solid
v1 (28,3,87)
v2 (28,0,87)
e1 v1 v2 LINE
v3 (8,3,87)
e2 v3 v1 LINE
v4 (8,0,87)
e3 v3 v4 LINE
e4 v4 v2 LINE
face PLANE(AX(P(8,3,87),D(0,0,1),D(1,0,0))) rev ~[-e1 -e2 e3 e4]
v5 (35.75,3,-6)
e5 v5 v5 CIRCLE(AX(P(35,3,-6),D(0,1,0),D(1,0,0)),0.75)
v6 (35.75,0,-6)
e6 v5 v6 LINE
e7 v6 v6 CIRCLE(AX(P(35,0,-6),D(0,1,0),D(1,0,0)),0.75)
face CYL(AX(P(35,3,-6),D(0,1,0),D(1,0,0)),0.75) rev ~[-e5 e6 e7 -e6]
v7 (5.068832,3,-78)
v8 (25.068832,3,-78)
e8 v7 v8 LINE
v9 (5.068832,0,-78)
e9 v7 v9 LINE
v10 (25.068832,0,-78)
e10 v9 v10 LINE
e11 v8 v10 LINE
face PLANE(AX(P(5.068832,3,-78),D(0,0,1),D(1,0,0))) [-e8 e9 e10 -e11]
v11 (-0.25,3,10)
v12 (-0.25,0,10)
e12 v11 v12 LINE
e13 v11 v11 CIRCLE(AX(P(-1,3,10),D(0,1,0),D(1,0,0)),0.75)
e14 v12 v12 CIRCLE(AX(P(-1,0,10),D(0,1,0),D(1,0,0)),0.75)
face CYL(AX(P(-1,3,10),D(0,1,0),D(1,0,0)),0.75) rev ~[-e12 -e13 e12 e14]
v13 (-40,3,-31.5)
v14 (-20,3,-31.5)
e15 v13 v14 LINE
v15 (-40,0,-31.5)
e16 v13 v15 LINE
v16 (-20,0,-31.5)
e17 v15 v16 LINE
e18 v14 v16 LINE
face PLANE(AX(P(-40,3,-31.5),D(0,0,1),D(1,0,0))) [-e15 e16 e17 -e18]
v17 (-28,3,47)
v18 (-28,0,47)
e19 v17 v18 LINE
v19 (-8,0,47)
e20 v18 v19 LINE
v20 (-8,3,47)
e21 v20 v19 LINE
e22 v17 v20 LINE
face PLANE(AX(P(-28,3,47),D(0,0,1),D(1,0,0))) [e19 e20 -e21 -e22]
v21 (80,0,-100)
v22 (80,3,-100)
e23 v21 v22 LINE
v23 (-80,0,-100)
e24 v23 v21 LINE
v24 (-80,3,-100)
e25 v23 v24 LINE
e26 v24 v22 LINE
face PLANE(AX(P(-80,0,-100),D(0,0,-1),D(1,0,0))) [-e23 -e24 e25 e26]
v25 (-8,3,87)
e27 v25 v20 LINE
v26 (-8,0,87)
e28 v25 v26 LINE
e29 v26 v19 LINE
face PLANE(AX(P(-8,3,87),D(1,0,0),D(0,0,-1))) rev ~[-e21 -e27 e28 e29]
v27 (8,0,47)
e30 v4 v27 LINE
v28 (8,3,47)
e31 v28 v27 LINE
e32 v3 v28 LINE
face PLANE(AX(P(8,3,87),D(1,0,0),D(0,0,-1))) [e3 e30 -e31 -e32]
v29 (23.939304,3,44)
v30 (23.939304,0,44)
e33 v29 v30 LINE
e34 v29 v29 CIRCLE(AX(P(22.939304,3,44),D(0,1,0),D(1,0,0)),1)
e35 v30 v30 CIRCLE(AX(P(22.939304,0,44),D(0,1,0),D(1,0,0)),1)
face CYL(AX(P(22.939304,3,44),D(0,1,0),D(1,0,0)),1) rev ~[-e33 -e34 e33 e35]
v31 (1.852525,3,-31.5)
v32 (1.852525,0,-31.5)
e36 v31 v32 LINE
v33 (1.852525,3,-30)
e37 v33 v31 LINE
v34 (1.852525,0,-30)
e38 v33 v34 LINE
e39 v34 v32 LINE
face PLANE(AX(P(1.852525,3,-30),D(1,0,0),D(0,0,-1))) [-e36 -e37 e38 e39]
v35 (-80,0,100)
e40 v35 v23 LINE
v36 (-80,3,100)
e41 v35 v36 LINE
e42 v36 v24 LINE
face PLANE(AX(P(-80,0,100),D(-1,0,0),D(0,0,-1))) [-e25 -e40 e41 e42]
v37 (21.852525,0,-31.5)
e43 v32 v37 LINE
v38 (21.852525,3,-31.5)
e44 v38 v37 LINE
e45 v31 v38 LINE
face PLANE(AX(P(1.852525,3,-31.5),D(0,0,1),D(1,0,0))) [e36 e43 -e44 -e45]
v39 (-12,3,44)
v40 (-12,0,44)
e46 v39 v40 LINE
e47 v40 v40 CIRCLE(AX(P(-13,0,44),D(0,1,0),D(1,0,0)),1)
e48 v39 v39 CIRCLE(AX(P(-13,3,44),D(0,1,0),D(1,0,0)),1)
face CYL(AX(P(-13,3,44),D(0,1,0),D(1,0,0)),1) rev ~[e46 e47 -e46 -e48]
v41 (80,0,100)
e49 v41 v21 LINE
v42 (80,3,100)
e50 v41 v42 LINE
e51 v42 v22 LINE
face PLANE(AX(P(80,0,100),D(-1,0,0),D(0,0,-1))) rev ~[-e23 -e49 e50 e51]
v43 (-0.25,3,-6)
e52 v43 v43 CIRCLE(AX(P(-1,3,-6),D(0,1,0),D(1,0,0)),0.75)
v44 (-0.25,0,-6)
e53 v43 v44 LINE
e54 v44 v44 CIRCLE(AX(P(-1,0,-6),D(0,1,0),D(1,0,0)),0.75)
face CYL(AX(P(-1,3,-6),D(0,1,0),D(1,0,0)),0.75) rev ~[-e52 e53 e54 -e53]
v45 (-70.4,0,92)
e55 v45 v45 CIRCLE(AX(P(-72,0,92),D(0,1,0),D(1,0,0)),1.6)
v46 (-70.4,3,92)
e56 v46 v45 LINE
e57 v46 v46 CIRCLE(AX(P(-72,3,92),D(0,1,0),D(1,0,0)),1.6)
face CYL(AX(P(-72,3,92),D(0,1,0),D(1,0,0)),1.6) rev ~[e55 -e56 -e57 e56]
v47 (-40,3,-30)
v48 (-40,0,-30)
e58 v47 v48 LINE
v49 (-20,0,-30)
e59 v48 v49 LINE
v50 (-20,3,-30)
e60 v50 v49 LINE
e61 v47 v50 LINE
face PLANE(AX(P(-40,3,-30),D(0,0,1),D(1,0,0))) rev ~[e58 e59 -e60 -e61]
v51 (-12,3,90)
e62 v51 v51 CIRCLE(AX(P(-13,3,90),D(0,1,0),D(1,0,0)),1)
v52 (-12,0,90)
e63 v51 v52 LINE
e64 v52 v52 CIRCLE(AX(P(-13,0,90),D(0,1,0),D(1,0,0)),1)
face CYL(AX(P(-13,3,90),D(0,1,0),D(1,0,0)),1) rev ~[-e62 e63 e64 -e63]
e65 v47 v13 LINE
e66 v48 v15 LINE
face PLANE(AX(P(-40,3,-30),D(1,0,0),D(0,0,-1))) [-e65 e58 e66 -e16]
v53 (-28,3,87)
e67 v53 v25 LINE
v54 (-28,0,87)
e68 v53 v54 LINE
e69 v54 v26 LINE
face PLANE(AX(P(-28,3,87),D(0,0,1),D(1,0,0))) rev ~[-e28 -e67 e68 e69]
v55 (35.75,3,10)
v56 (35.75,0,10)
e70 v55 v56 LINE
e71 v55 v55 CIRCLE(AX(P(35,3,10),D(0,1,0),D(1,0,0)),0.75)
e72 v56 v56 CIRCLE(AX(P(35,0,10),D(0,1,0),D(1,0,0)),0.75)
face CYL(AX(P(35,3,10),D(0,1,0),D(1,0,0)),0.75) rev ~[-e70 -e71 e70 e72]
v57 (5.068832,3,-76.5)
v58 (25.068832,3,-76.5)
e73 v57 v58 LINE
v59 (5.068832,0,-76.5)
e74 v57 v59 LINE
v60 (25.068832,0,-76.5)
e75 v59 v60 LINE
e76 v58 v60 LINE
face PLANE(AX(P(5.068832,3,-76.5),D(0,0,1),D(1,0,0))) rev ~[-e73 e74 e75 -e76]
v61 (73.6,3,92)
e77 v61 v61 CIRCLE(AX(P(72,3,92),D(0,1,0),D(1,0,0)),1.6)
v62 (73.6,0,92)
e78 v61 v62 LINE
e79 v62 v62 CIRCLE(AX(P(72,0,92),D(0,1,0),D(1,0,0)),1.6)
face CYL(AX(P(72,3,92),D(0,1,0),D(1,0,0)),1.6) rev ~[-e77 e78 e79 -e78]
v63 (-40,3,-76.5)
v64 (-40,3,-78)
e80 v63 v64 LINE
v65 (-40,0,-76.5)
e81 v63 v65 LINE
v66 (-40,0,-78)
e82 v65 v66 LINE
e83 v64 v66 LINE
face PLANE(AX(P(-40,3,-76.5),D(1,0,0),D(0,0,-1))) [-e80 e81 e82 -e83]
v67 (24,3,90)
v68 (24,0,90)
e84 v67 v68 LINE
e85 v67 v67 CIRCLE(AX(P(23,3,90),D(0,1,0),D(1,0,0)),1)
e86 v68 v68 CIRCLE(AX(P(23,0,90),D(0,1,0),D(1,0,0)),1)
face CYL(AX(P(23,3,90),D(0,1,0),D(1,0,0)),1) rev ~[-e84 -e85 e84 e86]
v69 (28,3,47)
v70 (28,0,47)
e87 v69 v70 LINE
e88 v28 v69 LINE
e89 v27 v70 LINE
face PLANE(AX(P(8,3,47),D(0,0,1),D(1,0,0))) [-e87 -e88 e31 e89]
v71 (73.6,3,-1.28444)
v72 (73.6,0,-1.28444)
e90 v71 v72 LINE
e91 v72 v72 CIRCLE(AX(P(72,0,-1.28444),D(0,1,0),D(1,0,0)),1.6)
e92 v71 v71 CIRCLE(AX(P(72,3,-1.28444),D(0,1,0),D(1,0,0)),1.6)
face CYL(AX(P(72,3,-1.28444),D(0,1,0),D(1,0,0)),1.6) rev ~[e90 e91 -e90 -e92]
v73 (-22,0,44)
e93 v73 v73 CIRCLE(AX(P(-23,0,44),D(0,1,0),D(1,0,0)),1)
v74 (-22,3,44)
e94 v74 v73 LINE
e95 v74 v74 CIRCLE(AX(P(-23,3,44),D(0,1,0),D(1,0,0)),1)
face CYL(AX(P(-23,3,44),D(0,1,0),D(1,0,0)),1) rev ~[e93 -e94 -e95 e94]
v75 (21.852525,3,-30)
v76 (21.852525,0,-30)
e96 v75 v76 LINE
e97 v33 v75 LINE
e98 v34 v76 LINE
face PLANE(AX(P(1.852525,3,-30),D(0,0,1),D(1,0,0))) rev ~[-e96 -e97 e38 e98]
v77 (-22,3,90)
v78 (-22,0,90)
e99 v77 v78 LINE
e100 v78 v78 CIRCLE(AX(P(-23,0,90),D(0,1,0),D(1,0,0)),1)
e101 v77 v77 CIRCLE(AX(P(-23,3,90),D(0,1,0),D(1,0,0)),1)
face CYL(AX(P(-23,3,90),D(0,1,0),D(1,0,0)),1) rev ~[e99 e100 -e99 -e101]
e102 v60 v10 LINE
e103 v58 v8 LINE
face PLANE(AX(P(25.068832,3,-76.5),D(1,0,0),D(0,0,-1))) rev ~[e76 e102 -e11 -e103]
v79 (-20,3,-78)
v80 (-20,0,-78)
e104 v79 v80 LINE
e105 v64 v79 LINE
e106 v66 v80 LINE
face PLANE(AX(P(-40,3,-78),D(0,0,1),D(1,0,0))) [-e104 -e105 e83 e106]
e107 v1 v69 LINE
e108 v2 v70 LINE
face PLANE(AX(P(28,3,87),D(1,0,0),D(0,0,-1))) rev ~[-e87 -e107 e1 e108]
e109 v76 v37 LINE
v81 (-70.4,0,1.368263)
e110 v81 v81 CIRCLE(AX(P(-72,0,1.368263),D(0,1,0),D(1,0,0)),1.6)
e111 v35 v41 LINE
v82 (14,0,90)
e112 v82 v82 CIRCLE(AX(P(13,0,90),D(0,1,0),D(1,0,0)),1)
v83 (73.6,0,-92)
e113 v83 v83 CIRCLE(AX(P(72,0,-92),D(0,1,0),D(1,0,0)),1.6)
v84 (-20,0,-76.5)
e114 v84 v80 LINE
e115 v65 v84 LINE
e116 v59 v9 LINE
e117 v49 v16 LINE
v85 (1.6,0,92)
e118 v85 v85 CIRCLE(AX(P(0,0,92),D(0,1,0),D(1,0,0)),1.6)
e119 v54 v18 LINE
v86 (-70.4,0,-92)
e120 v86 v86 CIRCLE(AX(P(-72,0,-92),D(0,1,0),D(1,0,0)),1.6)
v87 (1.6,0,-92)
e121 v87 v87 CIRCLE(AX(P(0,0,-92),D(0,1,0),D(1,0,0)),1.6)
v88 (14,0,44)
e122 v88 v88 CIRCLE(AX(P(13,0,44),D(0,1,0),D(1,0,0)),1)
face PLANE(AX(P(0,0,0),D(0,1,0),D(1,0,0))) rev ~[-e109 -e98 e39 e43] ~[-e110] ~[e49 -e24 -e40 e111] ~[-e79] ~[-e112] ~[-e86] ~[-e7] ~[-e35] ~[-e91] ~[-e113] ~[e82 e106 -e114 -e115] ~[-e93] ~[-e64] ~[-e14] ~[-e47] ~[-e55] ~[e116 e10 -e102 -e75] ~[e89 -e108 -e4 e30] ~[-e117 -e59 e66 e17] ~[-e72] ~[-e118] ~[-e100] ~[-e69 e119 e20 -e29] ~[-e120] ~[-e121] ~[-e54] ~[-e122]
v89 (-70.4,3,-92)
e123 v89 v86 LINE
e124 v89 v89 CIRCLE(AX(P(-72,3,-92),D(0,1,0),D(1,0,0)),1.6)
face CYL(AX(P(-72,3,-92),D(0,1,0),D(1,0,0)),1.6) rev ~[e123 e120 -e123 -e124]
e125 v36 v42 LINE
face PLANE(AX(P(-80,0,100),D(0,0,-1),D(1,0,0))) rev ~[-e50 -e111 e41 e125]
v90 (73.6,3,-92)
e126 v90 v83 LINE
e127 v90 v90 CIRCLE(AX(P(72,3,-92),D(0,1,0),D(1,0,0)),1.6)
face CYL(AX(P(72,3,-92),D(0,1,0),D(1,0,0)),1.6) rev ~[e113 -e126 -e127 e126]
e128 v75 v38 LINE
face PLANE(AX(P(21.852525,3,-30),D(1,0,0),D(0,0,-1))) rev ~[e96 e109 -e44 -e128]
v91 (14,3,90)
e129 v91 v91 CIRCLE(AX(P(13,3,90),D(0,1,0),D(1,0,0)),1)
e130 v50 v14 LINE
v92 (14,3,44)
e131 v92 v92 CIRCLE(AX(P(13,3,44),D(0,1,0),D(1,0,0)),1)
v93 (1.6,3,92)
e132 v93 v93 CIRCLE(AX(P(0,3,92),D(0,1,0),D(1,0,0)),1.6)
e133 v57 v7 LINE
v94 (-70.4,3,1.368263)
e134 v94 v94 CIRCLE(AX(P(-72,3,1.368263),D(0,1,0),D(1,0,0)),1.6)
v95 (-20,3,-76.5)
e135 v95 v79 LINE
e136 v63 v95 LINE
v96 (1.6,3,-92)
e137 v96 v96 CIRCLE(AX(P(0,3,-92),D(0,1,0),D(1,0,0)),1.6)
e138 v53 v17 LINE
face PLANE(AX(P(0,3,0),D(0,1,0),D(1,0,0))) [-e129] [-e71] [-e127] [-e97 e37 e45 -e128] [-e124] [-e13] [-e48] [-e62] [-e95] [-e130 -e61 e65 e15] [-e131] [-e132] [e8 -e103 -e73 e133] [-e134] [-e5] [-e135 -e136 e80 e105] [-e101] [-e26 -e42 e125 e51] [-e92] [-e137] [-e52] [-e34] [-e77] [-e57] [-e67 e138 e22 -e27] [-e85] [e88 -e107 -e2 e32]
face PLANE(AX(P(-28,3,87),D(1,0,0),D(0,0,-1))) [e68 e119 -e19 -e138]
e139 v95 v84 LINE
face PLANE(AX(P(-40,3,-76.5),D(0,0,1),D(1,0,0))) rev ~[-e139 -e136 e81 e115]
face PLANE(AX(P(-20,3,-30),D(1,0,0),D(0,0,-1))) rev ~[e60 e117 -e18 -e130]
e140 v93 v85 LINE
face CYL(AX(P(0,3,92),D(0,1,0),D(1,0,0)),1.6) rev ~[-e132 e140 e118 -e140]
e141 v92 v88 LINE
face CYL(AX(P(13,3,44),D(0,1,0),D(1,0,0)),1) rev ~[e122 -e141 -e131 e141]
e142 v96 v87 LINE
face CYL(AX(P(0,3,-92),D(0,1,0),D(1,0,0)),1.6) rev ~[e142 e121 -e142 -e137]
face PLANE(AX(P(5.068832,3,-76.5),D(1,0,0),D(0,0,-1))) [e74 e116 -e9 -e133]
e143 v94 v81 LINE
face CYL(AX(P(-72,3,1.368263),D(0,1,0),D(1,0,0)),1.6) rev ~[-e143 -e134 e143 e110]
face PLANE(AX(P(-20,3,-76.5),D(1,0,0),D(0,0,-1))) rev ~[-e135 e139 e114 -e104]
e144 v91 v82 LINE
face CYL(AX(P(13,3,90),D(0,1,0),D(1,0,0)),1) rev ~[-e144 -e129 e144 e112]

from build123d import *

# Parameters (mm, degrees)
SKETCH_1_W          = 160
SKETCH_1_H          = 200
EXTRUDE_2_DEPTH     = 3
SKETCH_2_R          = 1
SKETCH_2_W          = 20
SKETCH_2_H          = 40
CUT_EXTRUDE_1_DEPTH = 3
SKETCH_3_R          = 0.75
CUT_EXTRUDE_2_DEPTH = 10
SKETCH_4_R          = 1.6
CUT_EXTRUDE_3_DEPTH = 10
SKETCH_5_W          = 20
SKETCH_5_H          = 1.5
CUT_EXTRUDE_4_DEPTH = 10


with BuildPart() as part:
    # 草图1 → 凸台-拉伸2 (new body)
    with BuildSketch(Plane(origin=(0, 0, 0), x_dir=(1, 0, 0), z_dir=(0, 1, 0))):
        Rectangle(SKETCH_1_W, SKETCH_1_H)
    extrude(amount=EXTRUDE_2_DEPTH)

    # 草图2 → 切除-拉伸1 (cut)
    with BuildSketch(Plane(origin=(0, 3, 0), x_dir=(1, 0, 0), z_dir=(0, 1, 0))):
        with Locations((23, -90)):
            Circle(SKETCH_2_R)
        with Locations((13, -44)):
            Circle(SKETCH_2_R)
        with Locations((-23, -90)):
            Circle(SKETCH_2_R)
        with Locations((-23, -44)):
            Circle(SKETCH_2_R)
        with Locations((-13, -44)):
            Circle(SKETCH_2_R)
        with Locations((-13, -90)):
            Circle(SKETCH_2_R)
        with Locations((13, -90)):
            Circle(SKETCH_2_R)
        with Locations((22.939303547, -44)):
            Circle(SKETCH_2_R)
        with Locations((-18, -67)):
            Rectangle(SKETCH_2_W, SKETCH_2_H)
        with Locations((18, -67)):
            Rectangle(SKETCH_2_W, SKETCH_2_H)
    extrude(amount=-CUT_EXTRUDE_1_DEPTH, mode=Mode.SUBTRACT)

    # 草图3 → 切除-拉伸2 (cut)
    with BuildSketch(Plane(origin=(0, 3, 0), x_dir=(1, 0, 0), z_dir=(0, 1, 0))):
        with Locations((35, -10)):
            Circle(SKETCH_3_R)
        with Locations((35, 6)):
            Circle(SKETCH_3_R)
        with Locations((-1, -10)):
            Circle(SKETCH_3_R)
        with Locations((-1, 6)):
            Circle(SKETCH_3_R)
    extrude(amount=-CUT_EXTRUDE_2_DEPTH, mode=Mode.SUBTRACT)

    # 草图4 → 切除-拉伸3 (cut)
    with BuildSketch(Plane(origin=(0, 3, 0), x_dir=(1, 0, 0), z_dir=(0, 1, 0))):
        with Locations((72, 1.284440395)):
            Circle(SKETCH_4_R)
        with Locations((-72, -1.368262766)):
            Circle(SKETCH_4_R)
        with Locations((72, 92)):
            Circle(SKETCH_4_R)
        with Locations((-72, 92)):
            Circle(SKETCH_4_R)
        with Locations((-72, -92)):
            Circle(SKETCH_4_R)
        with Locations((72, -92)):
            Circle(SKETCH_4_R)
        with Locations((0, -92)):
            Circle(SKETCH_4_R)
        with Locations((0, 92)):
            Circle(SKETCH_4_R)
    extrude(amount=-CUT_EXTRUDE_3_DEPTH, mode=Mode.SUBTRACT)

    # 草图5 → 切除-拉伸4 (cut)
    with BuildSketch(Plane(origin=(0, 3, 0), x_dir=(1, 0, 0), z_dir=(0, 1, 0))):
        with Locations((-30, 77.25)):
            Rectangle(SKETCH_5_W, SKETCH_5_H)
        with Locations((-30, 30.75)):
            Rectangle(SKETCH_5_W, SKETCH_5_H)
        with Locations((15.068831665, 77.25)):
            Rectangle(SKETCH_5_W, SKETCH_5_H)
        with Locations((11.85252458, 30.75)):
            Rectangle(SKETCH_5_W, SKETCH_5_H)
    extrude(amount=-CUT_EXTRUDE_4_DEPTH, mode=Mode.SUBTRACT)


solid = part.part
